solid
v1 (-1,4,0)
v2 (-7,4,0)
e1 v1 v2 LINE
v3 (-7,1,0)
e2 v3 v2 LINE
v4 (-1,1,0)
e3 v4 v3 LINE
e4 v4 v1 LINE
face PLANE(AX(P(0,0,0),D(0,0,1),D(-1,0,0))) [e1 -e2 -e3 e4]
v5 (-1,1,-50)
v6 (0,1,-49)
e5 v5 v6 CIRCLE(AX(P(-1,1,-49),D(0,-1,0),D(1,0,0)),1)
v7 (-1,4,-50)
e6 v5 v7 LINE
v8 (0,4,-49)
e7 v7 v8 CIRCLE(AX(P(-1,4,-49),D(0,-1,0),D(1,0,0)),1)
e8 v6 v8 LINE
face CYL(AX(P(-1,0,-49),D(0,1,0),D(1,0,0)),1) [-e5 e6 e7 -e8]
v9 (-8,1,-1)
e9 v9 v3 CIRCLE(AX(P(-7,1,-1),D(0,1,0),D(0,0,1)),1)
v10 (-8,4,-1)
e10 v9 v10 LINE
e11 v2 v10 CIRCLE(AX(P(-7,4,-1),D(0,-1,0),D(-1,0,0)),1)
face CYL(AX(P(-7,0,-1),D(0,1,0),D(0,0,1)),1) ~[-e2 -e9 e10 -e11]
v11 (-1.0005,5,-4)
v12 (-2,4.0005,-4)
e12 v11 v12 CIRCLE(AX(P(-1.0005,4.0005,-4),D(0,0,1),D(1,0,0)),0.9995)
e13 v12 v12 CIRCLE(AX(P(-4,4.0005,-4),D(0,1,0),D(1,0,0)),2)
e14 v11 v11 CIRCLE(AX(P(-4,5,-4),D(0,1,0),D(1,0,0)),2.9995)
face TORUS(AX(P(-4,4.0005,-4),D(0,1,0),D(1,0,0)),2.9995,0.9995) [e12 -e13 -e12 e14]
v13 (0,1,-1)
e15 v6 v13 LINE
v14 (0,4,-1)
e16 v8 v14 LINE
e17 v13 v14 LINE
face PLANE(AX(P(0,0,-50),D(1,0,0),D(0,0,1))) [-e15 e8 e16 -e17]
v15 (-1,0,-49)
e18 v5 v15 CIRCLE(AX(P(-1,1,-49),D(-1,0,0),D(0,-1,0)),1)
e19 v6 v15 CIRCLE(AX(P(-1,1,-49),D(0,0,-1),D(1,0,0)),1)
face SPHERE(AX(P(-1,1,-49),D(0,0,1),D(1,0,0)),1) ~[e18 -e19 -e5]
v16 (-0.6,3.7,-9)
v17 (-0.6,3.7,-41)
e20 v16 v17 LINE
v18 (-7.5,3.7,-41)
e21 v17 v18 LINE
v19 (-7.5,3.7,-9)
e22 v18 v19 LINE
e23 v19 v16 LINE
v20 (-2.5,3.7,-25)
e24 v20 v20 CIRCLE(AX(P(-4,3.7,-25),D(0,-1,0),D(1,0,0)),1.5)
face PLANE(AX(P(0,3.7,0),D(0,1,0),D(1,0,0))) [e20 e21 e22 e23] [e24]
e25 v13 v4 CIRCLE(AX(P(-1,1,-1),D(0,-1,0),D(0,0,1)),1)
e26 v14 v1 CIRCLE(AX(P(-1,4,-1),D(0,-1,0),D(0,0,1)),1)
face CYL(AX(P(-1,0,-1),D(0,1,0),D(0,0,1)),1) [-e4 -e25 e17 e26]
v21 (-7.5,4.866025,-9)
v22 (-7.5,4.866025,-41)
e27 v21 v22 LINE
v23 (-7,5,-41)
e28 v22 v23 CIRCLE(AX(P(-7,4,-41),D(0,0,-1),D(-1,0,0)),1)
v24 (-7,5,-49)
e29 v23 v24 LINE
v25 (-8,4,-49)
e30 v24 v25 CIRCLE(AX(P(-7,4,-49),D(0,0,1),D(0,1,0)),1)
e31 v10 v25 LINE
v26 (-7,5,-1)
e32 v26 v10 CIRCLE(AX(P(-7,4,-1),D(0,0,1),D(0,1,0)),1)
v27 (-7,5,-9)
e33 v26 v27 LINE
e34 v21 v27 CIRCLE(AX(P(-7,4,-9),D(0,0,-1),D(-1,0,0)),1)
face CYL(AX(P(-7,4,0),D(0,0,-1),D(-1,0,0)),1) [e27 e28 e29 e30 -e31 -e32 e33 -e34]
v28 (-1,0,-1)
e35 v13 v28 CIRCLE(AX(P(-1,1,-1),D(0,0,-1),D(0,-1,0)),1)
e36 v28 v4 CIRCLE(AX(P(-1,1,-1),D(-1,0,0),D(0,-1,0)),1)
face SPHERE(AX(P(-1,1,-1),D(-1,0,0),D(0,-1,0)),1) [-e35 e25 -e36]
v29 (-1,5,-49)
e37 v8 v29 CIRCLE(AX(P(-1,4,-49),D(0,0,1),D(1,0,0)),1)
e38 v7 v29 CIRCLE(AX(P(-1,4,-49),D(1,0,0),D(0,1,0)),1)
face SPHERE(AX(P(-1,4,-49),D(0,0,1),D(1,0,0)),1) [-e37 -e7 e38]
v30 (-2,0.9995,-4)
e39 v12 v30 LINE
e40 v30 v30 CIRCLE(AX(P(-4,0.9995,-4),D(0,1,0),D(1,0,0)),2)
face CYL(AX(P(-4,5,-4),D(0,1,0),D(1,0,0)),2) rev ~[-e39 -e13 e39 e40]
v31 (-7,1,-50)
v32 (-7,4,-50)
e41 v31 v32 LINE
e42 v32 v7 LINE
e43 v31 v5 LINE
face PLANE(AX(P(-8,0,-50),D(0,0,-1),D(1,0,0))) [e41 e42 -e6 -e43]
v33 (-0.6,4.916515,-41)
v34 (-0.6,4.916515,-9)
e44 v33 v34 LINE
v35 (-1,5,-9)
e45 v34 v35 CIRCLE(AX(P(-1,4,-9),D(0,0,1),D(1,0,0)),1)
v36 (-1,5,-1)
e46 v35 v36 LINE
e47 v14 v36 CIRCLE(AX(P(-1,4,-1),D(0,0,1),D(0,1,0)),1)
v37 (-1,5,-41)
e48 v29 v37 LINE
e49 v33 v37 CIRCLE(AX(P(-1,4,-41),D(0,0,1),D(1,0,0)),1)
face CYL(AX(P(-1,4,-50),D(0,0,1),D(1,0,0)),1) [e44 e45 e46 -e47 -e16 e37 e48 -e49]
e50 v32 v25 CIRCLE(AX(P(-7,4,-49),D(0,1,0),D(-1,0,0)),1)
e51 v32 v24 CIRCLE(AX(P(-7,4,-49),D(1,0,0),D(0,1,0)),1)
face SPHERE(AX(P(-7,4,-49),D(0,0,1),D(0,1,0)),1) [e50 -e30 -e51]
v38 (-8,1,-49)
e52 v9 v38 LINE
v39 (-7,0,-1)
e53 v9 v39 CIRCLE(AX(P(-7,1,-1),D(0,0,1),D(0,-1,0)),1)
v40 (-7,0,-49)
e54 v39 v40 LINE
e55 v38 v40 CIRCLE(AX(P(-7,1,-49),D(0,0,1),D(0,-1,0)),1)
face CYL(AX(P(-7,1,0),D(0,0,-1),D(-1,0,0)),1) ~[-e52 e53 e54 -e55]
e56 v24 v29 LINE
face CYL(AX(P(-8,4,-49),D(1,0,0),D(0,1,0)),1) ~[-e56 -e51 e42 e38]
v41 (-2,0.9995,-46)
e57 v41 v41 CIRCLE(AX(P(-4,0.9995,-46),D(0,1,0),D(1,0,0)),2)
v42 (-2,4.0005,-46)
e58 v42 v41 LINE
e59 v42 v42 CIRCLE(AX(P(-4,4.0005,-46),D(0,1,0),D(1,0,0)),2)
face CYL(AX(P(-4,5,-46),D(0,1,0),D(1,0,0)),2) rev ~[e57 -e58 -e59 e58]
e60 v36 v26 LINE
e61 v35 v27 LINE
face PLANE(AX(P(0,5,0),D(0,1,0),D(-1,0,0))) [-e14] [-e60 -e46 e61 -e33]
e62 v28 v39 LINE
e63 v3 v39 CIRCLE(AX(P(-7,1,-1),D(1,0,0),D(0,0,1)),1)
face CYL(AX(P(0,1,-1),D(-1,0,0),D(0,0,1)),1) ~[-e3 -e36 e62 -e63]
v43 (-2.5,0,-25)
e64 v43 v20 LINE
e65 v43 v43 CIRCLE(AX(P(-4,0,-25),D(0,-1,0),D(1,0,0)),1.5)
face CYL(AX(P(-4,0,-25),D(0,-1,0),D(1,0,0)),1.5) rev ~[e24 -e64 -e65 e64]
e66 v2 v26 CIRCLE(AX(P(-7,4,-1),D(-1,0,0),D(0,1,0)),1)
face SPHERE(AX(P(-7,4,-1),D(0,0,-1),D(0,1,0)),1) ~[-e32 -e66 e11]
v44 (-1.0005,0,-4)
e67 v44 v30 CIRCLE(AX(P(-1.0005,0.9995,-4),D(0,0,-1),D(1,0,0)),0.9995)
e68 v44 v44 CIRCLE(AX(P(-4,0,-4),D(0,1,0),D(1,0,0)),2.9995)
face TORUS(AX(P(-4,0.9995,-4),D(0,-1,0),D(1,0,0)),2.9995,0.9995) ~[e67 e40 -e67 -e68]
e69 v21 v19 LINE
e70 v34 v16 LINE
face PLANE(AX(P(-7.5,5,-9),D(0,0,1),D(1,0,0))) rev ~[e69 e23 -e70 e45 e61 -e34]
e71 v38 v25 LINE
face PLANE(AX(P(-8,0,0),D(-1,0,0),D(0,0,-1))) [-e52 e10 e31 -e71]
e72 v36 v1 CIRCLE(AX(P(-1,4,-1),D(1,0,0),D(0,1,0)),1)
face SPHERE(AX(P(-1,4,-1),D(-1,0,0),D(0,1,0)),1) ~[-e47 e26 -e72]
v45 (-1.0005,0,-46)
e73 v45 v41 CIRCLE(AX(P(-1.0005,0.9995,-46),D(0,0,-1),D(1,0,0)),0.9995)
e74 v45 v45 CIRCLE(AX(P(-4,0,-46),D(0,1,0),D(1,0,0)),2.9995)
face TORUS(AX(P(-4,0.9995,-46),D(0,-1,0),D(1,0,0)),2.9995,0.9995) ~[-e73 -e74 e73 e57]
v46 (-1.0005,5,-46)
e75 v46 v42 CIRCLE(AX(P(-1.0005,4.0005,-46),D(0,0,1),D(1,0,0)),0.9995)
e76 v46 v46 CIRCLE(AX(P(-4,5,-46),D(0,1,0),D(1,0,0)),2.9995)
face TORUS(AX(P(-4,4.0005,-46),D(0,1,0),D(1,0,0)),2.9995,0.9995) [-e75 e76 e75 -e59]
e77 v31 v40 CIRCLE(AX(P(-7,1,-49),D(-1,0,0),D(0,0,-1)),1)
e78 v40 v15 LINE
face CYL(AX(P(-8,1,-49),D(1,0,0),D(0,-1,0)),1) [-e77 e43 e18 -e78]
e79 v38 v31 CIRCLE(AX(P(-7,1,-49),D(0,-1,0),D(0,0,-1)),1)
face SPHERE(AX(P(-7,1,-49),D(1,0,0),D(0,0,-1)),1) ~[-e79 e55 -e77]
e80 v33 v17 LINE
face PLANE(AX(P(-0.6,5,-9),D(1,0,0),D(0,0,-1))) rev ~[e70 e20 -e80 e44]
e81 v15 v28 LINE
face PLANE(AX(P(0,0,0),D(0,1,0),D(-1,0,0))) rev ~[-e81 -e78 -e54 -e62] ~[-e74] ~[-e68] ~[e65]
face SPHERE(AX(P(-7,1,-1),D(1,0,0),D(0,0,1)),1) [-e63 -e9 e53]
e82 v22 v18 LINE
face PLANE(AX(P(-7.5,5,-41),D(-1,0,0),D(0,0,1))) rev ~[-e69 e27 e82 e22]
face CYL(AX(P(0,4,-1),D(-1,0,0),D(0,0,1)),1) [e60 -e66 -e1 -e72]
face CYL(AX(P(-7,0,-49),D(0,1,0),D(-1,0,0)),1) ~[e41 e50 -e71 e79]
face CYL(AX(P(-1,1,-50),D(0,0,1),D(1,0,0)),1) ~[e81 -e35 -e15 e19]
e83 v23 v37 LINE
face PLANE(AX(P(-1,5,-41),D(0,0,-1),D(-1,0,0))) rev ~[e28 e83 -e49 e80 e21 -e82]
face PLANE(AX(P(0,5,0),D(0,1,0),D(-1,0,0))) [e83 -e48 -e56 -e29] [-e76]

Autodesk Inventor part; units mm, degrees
ref_plane "YZ Plane" through (0, 0, 0) normal (1, 0, 0) x (0, 1, 0)
ref_plane "XZ Plane" through (0, 0, 0) normal (0, 1, 0) x (-1, 0, 0)
ref_plane "XY Plane" through (0, 0, 0) normal (0, 0, 1) x (1, 0, 0)
sketch "스케치1" plane through (0, 0, 0) normal (0, 1, 0) x (-1, 0, 0)
  line L0 (0, 0) -> (8, 0)
  line L1 (8, 0) -> (8, -50)
  line L2 (8, -50) -> (0, -50)
  line L3 (0, -50) -> (0, 0)
  dimension "d0" = 50
  dimension "d1" = 8
extrude "돌출1" add sketch "스케치1" along normal blind 5
sketch "스케치2" plane through (0, 5, 0) normal (0, 1, 0) x (1, 0, 0)
  circle A0 centre (-4, 4) radius 2
  line L0 (-8, 50) -> (-8, 0) projected
  line L1 (-8, 0) -> (0, 0) projected
  circle A1 centre (-4, 46) radius 2
  line L2 (0, 0) -> (0, 50) projected
  line L3 (0, 50) -> (-8, 50) projected
  dimension "d4" = 4
  dimension "d5" = 4
  dimension "d6" = 4
  dimension "d7" = 4
  dimension "d8" = 4
  dimension "d9" = 4
sketch "스케치3" plane through (0, 0, 0) normal (0, -1, 0) x (1, 0, 0)
  circle A0 centre (-4, -25) radius 1.5
  line L0 (-8, -50) -> (0, -50) projected
  line L1 (0, -50) -> (0, 0) projected
  dimension "d10" = 3
  dimension "d11" = 25
  dimension "d12" = 4
extrude "돌출2" cut sketch "스케치2" against normal blind 5 contours A0 | A1
extrude "돌출3" cut sketch "스케치3" against normal blind 5
fillet "모깎기1" radius 1 12 edges at (-8, 5, -25) (-4, 5, 0) (0, 5, -25) (-4, 0, 0) (0, 0, -25) (0, 2.5, 0) (-8, 2.5, 0) (0, 2.5, -50) (-4, 5, -50) (-4, 0, -50) (-8, 2.5, -50) (-8, 0, -25)
fillet "모깎기3" radius 1 4 edges at (-6, 0, -46) (-6, 0, -4) (-6, 5, -4) (-6, 5, -46)
sketch "스케치4" plane through (0, 0, 0) normal (0, -1, 0) x (1, 0, 0)
  point P0 (0, 0)
sketch "스케치5" plane through (0, 5, 0) normal (0, 1, 0) x (1, 0, 0)
  line L0 (-7.5, 9) -> (-0.6, 9)
  line L1 (-0.6, 9) -> (-0.6, 41)
  line L2 (-0.6, 41) -> (-7.5, 41)
  line L3 (-7.5, 41) -> (-7.5, 9)
  line L4 (-4, 1) -> (-7, 1) projected
  line L5 (-1, 46) -> (-1, 4) projected
  point P0 (0, 0)
  dimension "d20" = 6.9
  dimension "d21" = 32
  dimension "d22" = 32
  dimension "d23" = 8
  dimension "d24" = 6.5
extrude "돌출4" cut sketch "스케치5" against normal blind 1.3
properties part number "핸들서보"
